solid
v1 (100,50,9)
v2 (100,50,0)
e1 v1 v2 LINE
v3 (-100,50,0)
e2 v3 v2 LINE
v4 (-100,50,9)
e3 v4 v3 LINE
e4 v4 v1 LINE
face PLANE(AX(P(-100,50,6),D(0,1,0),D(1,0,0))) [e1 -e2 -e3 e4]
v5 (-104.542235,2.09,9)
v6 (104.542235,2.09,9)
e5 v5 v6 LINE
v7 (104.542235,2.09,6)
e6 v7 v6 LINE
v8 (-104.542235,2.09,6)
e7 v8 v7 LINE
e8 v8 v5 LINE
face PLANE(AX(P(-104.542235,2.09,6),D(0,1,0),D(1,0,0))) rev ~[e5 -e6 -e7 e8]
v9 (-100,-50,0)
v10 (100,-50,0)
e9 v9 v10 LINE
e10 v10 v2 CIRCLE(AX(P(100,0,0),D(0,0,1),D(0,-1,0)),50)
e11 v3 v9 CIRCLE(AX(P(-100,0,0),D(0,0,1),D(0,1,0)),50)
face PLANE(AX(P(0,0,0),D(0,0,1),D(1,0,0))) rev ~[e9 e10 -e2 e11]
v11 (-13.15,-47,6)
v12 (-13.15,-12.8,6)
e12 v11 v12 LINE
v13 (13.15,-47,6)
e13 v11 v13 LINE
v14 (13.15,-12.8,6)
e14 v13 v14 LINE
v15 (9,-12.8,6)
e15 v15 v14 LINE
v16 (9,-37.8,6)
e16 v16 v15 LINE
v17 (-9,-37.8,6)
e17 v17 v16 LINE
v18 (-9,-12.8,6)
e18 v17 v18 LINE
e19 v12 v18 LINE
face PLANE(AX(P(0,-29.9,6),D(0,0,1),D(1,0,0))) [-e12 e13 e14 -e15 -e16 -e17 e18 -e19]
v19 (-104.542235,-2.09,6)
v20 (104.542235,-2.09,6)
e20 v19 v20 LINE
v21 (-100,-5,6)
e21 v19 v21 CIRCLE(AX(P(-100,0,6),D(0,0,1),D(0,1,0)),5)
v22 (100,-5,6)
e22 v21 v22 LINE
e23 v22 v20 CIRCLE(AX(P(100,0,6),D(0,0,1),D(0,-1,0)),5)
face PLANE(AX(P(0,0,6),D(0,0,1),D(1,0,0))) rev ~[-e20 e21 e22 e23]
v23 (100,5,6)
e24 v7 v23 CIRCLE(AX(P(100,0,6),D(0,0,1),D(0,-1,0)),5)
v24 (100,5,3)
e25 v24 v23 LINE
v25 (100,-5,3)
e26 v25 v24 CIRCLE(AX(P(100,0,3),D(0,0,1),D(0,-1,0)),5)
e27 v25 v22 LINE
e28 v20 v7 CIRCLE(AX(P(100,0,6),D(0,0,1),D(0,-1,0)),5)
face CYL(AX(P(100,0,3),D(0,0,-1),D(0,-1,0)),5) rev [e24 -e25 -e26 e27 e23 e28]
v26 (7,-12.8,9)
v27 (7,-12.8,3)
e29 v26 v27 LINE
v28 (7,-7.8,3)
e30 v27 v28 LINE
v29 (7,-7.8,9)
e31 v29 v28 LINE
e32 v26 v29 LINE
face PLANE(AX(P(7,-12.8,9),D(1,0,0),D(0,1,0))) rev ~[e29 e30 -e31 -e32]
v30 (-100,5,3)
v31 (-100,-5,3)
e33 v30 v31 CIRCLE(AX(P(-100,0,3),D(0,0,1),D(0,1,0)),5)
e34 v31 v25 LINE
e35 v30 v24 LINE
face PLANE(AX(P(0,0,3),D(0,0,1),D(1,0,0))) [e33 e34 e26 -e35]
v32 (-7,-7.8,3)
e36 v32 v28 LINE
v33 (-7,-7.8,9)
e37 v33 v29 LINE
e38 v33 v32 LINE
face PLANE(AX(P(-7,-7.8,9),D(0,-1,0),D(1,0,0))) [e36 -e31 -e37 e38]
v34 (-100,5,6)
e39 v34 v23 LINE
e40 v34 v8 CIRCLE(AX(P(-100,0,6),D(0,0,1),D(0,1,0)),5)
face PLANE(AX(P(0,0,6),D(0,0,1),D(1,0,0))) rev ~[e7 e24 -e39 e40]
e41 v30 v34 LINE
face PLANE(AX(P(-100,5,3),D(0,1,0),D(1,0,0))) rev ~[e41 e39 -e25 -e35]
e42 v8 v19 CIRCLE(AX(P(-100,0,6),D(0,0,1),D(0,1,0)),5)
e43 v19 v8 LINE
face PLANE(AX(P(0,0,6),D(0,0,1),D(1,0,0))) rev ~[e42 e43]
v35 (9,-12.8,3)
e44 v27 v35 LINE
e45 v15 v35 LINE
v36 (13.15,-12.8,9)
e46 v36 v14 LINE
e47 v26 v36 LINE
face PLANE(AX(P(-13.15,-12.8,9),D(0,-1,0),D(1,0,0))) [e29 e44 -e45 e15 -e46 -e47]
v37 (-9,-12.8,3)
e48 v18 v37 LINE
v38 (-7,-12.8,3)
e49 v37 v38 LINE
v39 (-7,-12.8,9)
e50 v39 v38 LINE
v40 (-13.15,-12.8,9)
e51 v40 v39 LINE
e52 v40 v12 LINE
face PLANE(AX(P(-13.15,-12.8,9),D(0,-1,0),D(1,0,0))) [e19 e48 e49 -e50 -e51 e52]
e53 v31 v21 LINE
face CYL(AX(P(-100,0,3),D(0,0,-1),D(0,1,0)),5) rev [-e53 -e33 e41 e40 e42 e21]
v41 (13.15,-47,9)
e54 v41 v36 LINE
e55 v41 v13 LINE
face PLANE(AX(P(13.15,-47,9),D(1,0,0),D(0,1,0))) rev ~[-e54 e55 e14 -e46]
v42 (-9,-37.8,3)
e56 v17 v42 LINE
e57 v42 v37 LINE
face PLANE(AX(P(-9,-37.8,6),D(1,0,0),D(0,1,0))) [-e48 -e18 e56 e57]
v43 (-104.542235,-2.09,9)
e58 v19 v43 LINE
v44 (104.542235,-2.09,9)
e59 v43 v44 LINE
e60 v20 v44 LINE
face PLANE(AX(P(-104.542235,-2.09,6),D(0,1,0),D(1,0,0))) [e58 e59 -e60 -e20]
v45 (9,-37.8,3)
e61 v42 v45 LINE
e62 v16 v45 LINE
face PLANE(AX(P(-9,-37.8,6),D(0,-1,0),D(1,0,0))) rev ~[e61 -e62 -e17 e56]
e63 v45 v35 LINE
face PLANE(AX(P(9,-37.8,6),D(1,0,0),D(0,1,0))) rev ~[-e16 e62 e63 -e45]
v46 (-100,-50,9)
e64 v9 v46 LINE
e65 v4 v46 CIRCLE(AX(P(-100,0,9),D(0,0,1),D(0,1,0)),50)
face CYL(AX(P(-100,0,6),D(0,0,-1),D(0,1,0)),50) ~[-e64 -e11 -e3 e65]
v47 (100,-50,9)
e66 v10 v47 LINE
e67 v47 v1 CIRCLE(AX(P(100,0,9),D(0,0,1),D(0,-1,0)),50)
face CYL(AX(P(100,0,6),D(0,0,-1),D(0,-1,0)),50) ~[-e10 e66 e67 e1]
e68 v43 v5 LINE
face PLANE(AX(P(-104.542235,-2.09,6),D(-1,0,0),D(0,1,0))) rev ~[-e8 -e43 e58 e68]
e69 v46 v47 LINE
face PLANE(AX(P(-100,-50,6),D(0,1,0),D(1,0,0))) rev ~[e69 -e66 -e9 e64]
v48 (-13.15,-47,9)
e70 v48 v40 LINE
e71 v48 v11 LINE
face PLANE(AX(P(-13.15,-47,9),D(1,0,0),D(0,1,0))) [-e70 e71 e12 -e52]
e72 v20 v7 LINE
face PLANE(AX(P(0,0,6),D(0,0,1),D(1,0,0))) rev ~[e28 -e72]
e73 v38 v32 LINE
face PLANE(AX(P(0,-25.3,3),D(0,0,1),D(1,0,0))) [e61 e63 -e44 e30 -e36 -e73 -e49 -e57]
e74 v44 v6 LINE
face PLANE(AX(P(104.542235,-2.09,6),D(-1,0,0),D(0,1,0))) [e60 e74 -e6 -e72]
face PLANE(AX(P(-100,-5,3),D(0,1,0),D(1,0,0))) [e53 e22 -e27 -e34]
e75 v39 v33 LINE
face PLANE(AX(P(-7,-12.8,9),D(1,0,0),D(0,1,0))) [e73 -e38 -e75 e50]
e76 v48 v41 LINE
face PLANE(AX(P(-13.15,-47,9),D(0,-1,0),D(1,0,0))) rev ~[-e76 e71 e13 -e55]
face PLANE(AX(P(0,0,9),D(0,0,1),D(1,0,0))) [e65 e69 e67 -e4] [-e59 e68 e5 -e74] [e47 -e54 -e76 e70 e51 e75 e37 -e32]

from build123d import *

# Parameters (mm, degrees)
PAD_DEPTH       = 3
PAD001_DEPTH    = 3
SKETCH002_W     = 209.08447
SKETCH002_H     = 4.18
PAD002_DEPTH    = 3
SKETCH003_W     = 26.3
SKETCH003_H     = 34.2
POCKET_DEPTH    = 3
SKETCH004_W     = 18
SKETCH004_H     = 25
POCKET001_DEPTH = 3
SKETCH005_W     = 14
SKETCH005_H     = 5
POCKET002_DEPTH = 6


with BuildPart() as part:
    # Sketch → Pad (new body)
    with BuildSketch(Plane.XY):
        with BuildLine():
            ThreePointArc((-100, 50), (-150, 0), (-100, -50))
            Line((-100, -50), (100, -50))
            ThreePointArc((100, -50), (150, 0), (100, 50))
            Line((-100, 50), (100, 50))
        make_face()
    extrude(amount=PAD_DEPTH)

    # Sketch001 (on Face6 of Pad) → Pad001 (join)
    with BuildSketch(Plane.XY.offset(3)):
        with BuildLine():
            ThreePointArc((-100, 50), (-150, 0), (-100, -50))
            Line((-100, -50), (100, -50))
            ThreePointArc((100, -50), (150, 0), (100, 50))
            Line((-100, 50), (100, 50))
        make_face()
        with BuildLine():
            ThreePointArc((-100, 5), (-105, 0), (-100, -5))
            Line((-100, -5), (100, -5))
            ThreePointArc((100, -5), (105, 0), (100, 5))
            Line((-100, 5), (100, 5))
        make_face(mode=Mode.SUBTRACT)
    extrude(amount=PAD001_DEPTH)

    # Sketch002 (on Face9 of Pad001) → Pad002 (join)
    with BuildSketch(Plane.XY.offset(6)):
        with BuildLine():
            ThreePointArc((-100, 50), (-150, 0), (-100, -50))
            Line((-100, -50), (100, -50))
            ThreePointArc((100, -50), (150, 0), (100, 50))
            Line((-100, 50), (100, 50))
        make_face()
        Rectangle(SKETCH002_W, SKETCH002_H, mode=Mode.SUBTRACT)
    extrude(amount=PAD002_DEPTH)

    # Sketch003 (on Face13 of Pad002) → Pocket (cut)
    with BuildSketch(Plane.XY.offset(9)):
        with Locations((0, -29.9)):
            Rectangle(SKETCH003_W, SKETCH003_H)
    extrude(amount=-POCKET_DEPTH, mode=Mode.SUBTRACT)

    # Sketch004 (on Face27 of Pocket) → Pocket001 (cut)
    with BuildSketch(Plane.XY.offset(6)):
        with Locations((0, -25.3)):
            Rectangle(SKETCH004_W, SKETCH004_H)
    extrude(amount=-POCKET001_DEPTH, mode=Mode.SUBTRACT)

    # Sketch005 (on Face13 of Pocket001) → Pocket002 (cut)
    with BuildSketch(Plane.XY.offset(9)):
        with Locations((0, -10.3)):
            Rectangle(SKETCH005_W, SKETCH005_H)
    extrude(amount=-POCKET002_DEPTH, mode=Mode.SUBTRACT)


solid = part.part
